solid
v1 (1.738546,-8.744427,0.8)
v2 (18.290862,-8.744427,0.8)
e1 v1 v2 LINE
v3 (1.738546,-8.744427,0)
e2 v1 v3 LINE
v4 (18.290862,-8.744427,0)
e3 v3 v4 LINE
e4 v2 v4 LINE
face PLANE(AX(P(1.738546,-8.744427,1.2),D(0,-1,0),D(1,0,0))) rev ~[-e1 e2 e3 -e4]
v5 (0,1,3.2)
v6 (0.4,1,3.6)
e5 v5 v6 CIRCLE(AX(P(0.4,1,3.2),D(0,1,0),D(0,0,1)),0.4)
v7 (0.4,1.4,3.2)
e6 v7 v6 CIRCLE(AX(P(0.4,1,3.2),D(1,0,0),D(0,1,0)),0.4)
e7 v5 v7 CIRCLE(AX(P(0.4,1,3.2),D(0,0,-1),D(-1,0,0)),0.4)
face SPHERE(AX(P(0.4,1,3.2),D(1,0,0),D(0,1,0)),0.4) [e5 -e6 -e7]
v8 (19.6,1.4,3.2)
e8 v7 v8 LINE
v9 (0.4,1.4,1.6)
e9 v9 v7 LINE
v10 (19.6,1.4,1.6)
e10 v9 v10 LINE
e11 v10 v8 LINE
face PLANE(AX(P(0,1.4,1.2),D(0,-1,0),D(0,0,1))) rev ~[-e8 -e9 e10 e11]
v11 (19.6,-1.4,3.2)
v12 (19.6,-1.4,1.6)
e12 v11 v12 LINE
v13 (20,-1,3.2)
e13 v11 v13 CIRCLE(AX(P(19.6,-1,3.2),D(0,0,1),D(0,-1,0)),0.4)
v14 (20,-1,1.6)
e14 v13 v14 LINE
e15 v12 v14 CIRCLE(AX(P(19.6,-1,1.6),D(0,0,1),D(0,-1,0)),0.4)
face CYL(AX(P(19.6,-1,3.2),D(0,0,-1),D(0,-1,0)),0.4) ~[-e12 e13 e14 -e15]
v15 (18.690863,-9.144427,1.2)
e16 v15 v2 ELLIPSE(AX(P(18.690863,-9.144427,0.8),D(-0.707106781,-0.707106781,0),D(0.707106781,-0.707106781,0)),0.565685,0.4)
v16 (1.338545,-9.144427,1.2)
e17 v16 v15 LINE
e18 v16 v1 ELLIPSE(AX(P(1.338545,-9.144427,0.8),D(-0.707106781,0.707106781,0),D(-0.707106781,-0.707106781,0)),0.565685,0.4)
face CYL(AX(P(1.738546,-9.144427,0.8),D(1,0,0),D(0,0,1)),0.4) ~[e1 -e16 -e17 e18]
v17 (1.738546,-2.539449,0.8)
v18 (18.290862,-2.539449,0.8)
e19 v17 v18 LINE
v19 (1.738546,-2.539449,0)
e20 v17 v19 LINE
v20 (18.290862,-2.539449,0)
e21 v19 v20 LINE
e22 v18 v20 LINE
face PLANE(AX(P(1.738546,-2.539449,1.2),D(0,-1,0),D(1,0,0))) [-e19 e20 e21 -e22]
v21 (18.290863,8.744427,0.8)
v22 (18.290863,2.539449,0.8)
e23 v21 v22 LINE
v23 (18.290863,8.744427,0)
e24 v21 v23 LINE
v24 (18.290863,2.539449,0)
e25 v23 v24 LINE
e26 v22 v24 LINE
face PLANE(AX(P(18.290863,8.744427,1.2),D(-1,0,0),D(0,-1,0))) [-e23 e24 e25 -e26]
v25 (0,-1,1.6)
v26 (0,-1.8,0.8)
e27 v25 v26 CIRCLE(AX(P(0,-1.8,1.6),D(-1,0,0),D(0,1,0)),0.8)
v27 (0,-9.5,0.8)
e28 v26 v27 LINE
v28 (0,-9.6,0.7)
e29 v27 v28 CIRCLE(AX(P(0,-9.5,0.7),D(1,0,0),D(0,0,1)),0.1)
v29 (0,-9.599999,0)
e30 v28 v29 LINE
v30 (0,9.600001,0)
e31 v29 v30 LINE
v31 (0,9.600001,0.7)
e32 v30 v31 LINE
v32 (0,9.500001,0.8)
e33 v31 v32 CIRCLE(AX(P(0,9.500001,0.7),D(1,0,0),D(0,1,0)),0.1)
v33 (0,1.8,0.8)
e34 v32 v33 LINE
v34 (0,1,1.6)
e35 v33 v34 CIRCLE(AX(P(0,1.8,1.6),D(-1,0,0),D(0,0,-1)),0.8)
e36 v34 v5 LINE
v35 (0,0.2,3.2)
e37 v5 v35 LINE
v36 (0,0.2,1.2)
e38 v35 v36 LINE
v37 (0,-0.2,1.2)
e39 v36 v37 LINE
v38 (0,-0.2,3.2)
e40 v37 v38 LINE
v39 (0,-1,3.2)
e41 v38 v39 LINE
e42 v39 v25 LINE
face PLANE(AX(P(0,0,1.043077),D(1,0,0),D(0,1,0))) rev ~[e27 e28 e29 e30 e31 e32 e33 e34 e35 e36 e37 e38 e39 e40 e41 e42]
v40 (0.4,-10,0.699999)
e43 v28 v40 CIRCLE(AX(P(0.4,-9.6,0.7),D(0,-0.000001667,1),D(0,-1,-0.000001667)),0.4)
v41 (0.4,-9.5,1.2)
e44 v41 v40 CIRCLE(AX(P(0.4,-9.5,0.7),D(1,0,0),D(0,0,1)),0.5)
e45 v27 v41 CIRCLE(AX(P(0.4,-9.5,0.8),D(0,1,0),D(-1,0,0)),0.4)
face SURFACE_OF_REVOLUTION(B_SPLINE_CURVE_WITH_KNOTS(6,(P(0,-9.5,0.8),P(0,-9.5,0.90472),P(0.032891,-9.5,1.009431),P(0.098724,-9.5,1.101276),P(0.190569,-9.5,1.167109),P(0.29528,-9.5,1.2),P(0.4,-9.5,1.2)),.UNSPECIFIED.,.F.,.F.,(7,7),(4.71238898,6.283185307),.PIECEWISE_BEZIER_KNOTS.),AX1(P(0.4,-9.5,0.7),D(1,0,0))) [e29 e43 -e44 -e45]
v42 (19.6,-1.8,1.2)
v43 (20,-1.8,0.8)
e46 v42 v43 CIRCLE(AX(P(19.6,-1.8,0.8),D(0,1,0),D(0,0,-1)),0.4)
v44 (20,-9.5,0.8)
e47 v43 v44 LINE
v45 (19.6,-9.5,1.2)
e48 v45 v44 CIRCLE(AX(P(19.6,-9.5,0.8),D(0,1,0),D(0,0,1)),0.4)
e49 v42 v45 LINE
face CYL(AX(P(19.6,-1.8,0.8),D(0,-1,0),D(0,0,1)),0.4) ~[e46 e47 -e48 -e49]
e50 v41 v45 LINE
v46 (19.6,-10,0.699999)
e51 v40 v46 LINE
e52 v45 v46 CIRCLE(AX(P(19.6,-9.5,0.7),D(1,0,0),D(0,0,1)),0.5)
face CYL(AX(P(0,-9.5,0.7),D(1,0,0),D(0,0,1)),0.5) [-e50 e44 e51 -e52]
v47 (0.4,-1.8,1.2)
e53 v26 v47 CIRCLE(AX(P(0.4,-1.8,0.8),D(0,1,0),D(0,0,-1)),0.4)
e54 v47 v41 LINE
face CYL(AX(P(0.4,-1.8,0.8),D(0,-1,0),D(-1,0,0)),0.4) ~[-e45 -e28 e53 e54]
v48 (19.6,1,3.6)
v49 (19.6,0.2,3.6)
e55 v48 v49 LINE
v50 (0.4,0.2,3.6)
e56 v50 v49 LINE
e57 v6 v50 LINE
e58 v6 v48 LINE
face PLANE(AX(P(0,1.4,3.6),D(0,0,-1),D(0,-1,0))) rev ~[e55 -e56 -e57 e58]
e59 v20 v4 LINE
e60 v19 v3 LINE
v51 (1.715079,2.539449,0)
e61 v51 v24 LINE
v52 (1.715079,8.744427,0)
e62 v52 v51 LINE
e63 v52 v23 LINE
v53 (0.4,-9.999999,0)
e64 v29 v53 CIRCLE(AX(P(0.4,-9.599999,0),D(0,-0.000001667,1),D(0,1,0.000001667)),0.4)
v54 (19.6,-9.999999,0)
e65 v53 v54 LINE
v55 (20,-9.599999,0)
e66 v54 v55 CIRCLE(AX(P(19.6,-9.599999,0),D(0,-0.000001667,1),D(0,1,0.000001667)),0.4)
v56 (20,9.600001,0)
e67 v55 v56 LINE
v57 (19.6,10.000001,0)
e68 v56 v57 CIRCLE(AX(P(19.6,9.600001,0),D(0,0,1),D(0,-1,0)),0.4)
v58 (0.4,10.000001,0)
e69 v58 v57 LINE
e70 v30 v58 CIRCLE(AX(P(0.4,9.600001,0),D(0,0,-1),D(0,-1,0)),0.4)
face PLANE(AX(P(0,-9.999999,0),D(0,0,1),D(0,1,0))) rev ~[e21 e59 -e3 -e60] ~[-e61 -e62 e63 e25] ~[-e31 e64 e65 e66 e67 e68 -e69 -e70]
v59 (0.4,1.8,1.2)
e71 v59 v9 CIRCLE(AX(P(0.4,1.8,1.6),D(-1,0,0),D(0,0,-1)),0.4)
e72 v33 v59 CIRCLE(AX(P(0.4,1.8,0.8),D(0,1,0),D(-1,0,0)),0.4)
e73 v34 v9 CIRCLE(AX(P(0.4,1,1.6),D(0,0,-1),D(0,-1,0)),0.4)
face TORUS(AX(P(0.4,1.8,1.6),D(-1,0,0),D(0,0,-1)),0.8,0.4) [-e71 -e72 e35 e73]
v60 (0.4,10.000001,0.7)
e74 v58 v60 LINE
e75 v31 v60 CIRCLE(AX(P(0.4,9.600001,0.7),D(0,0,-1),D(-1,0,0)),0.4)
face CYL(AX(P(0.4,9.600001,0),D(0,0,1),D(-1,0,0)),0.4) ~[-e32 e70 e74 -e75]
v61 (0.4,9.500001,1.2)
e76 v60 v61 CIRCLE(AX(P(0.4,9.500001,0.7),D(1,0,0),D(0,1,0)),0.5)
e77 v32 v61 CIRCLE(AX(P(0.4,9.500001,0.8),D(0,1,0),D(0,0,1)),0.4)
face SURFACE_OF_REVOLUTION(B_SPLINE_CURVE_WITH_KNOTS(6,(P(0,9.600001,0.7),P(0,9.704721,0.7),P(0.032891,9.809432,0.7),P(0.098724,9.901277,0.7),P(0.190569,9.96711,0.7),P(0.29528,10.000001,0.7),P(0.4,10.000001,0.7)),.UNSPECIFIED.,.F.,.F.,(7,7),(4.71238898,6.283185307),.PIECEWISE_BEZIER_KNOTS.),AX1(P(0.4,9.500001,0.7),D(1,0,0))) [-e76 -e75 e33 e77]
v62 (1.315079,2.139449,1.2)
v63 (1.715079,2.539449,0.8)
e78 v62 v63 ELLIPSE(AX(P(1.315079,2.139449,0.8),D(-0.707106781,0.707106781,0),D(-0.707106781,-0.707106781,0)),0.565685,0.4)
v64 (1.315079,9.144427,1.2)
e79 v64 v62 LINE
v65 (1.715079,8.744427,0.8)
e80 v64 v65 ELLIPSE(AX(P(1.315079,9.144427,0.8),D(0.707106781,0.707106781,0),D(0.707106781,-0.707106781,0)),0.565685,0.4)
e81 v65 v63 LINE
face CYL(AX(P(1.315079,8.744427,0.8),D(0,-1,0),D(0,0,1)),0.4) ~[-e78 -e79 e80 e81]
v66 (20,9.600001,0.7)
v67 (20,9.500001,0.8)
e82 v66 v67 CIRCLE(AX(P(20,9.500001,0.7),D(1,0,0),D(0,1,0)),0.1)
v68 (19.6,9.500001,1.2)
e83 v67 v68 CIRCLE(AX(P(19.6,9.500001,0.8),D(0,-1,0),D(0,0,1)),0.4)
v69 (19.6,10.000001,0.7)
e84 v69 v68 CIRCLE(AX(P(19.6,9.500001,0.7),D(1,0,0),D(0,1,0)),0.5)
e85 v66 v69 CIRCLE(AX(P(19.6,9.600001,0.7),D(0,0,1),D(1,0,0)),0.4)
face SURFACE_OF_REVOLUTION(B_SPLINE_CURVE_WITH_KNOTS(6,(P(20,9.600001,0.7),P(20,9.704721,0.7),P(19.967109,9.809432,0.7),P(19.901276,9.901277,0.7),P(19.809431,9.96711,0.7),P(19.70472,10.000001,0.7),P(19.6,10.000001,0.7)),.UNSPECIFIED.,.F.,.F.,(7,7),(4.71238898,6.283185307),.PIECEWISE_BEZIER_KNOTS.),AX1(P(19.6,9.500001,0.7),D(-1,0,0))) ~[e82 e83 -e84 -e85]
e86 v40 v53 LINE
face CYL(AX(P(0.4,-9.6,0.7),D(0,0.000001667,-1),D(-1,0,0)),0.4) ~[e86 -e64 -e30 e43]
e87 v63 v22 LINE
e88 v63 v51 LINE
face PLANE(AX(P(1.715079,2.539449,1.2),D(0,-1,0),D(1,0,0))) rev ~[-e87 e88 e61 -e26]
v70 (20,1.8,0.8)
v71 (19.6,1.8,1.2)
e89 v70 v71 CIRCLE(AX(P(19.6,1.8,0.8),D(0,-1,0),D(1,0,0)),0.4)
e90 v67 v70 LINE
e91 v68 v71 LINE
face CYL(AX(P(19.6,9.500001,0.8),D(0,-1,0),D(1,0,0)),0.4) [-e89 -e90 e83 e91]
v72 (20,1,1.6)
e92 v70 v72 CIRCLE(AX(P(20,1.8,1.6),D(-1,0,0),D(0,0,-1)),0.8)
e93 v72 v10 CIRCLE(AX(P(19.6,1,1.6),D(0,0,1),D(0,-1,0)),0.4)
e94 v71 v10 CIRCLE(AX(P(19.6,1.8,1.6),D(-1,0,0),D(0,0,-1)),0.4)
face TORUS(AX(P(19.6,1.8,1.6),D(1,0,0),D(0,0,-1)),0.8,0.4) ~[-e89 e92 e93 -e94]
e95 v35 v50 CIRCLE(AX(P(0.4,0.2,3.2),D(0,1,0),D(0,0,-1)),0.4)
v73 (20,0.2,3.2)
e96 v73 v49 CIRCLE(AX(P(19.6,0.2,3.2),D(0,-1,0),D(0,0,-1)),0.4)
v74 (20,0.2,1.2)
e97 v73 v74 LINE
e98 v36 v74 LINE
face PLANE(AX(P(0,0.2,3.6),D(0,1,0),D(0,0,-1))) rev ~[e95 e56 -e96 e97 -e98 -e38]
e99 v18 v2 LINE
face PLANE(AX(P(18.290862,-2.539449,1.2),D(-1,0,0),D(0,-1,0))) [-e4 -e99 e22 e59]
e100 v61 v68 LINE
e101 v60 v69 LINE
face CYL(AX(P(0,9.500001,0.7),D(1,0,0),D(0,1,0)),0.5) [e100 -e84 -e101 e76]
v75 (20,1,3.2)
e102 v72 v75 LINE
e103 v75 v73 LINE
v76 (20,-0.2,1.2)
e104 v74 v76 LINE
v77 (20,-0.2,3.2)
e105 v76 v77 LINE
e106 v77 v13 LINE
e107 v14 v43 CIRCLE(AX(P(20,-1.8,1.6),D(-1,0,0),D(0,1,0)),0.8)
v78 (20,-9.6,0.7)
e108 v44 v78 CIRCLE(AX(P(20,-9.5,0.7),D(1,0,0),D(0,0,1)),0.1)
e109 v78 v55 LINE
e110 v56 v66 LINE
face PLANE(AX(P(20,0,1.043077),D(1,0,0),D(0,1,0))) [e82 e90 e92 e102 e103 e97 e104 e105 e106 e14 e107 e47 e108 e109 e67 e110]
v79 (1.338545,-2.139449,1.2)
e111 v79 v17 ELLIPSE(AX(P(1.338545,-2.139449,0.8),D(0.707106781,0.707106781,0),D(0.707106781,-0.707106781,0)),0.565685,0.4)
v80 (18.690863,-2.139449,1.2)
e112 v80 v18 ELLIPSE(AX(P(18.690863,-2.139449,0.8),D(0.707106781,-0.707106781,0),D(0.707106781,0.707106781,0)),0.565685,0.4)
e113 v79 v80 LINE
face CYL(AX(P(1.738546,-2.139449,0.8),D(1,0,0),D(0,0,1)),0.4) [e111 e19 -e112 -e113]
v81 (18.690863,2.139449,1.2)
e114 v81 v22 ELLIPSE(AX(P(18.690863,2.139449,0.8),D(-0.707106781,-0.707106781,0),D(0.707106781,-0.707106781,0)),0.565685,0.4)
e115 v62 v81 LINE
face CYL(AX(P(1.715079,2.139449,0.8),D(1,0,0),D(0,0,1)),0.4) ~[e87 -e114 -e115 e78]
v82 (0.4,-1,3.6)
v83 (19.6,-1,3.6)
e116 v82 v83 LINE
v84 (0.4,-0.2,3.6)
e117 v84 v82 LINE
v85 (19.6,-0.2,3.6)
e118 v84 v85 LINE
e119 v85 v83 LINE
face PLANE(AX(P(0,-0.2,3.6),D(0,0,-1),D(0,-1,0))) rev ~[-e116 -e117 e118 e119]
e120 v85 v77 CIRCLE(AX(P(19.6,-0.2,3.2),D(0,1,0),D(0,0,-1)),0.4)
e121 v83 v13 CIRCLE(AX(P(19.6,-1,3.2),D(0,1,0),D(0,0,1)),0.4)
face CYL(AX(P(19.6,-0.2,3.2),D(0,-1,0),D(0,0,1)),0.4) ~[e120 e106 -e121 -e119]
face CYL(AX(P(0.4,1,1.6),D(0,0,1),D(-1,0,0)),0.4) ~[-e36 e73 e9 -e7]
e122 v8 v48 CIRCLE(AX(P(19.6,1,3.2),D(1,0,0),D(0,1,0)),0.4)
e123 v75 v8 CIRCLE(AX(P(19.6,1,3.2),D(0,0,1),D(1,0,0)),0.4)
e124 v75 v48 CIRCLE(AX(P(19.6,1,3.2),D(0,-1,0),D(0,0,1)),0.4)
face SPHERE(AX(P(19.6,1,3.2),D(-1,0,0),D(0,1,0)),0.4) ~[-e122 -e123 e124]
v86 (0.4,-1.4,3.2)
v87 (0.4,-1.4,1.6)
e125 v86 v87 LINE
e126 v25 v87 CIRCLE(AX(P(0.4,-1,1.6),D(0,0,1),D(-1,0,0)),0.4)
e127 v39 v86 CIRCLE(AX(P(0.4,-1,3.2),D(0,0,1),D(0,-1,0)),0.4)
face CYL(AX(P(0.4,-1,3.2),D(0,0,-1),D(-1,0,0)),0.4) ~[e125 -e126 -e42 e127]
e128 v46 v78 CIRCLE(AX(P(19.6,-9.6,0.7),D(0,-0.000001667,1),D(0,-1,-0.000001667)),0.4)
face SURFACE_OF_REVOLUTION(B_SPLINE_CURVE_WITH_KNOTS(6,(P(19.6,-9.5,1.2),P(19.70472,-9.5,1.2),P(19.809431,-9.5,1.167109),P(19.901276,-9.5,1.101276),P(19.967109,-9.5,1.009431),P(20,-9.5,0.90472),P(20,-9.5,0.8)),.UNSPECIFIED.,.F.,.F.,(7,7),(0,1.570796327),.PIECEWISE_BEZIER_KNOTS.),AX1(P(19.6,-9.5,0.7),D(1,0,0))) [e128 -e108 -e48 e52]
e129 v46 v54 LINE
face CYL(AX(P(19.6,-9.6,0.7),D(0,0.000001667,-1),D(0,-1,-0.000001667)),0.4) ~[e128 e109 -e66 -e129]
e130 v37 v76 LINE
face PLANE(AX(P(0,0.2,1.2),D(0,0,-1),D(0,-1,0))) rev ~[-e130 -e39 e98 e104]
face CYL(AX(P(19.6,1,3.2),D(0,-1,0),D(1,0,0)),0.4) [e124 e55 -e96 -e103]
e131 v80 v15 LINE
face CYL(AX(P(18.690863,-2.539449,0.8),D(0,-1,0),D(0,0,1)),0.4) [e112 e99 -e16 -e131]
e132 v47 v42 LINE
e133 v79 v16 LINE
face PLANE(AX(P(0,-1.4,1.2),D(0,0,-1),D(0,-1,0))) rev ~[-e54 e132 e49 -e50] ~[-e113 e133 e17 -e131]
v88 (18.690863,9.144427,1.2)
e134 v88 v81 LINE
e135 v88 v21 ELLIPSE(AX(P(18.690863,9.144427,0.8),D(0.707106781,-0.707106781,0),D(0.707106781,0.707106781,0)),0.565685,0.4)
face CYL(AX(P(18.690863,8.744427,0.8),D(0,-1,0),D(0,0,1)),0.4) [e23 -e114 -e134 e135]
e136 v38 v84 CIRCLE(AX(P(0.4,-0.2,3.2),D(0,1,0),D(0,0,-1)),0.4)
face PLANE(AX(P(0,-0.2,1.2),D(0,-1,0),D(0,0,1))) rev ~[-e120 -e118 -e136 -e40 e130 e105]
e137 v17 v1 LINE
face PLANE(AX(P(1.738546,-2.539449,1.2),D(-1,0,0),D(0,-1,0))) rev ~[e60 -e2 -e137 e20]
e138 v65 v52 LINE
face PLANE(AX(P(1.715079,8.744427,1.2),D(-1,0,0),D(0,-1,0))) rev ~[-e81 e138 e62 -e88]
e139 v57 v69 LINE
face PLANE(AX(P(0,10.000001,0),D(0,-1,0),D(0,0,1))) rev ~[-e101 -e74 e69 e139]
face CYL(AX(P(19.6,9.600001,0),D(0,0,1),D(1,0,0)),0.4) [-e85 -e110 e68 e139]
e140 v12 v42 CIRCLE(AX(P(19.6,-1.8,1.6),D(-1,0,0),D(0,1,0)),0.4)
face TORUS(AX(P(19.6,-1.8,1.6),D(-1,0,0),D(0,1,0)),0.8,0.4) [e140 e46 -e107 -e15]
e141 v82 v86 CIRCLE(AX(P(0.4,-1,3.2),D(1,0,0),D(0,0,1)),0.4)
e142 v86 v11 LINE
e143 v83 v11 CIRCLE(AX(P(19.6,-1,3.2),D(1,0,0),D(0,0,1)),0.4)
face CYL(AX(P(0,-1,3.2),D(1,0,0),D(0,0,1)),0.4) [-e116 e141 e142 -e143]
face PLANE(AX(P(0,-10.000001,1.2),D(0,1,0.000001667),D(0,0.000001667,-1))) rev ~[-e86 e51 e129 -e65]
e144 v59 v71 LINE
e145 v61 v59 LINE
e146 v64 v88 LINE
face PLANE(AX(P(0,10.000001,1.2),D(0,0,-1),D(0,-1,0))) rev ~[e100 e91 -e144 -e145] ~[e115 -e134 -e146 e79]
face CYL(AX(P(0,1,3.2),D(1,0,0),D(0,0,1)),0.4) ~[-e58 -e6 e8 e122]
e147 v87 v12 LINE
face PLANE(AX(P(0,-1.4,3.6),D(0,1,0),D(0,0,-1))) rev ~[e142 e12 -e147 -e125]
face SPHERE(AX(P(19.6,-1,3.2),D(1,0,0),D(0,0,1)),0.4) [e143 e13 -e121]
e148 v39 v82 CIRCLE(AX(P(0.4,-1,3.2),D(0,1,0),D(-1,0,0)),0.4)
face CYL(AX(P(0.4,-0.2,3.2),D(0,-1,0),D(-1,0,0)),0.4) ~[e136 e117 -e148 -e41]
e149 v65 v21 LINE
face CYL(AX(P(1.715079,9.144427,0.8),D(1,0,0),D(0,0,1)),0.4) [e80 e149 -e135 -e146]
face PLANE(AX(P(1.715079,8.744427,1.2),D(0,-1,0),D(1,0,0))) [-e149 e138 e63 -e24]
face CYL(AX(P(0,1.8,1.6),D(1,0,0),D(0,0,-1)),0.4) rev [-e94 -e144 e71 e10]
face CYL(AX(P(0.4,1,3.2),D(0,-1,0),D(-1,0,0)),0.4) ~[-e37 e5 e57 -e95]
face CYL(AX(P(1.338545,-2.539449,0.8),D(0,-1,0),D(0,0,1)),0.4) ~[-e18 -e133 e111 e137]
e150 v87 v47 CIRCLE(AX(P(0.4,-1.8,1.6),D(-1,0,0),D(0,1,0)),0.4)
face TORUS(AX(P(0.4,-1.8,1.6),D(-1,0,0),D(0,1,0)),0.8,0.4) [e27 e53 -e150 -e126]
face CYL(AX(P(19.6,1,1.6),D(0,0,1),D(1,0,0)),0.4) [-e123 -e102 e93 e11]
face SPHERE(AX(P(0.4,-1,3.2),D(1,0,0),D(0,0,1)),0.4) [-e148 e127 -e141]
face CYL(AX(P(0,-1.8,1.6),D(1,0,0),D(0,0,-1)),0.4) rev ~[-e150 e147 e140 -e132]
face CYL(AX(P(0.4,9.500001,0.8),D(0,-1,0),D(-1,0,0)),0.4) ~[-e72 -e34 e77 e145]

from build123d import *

# Parameters (mm, degrees)
PAD_DEPTH       = 20
FILLET_R        = 0.5
FILLET001_R     = 0.5
FILLET002_R     = 0.4
FILLET003_R     = 0.4
SKETCH002_W     = 6.171573
SKETCH002_H     = 16.569204
POCKET_DEPTH    = 23
SKETCH003_W     = 6.204978
SKETCH003_H     = 16.552317
SKETCH003_H_2   = 16.575784
POCKET001_DEPTH = 23
FILLET004_R     = 0.4
FILLET005_R     = 0.4
FILLET006_R     = 0.4
FILLET007_R     = 0.4
FILLET008_R     = 0.4
FILLET009_R     = 0.4
FILLET010_R     = 0.4
FILLET011_R     = 0.4


with BuildPart() as part:
    # Sketch → Pad (new body)
    with BuildSketch(Plane.YZ):
        Polygon((-9.999999, 0), (10.000001, 0), (10.000001, 1.2), (1.4, 1.2), (1.4, 3.6), (0.2, 3.6), (0.2, 1.2), (-0.2, 1.2), (-0.2, 3.6), (-1.4, 3.6), (-1.4, 1.2), (-10.000001, 1.2), align=None)
    extrude(amount=PAD_DEPTH)

    # Fillet
    fillet_edges = [part.edges().sort_by_distance(p)[0] for p in [
        (10, -10.000001, 1.2),
    ]]
    fillet(fillet_edges, radius=FILLET_R)

    # Fillet001
    fillet001_edges = [part.edges().sort_by_distance(p)[0] for p in [
        (10, 10.000001, 1.2),
    ]]
    fillet(fillet001_edges, radius=FILLET001_R)

    # Fillet002
    fillet002_edges = [part.edges().sort_by_distance(p)[0] for p in [
        (10, -1.4, 1.2),
    ]]
    fillet(fillet002_edges, radius=FILLET002_R)

    # Fillet003
    fillet003_edges = [part.edges().sort_by_distance(p)[0] for p in [
        (10, 1.4, 1.2),
    ]]
    fillet(fillet003_edges, radius=FILLET003_R)

    # Sketch002 → Pocket (cut)
    with BuildSketch(Plane(origin=(0, 0, 1.2), x_dir=(0, -1, 0), z_dir=(0, 0, 1))):
        with Locations((-5.631366, 10)):
            Rectangle(SKETCH002_W, SKETCH002_H)
    extrude(amount=-POCKET_DEPTH, mode=Mode.SUBTRACT)

    # Sketch003 → Pocket001 (cut)
    with BuildSketch(Plane(origin=(0, 0, 1.2), x_dir=(0, -1, 0), z_dir=(0, 0, 1))):
        with Locations((5.641938, 10.014704)):
            Rectangle(SKETCH003_W, SKETCH003_H)
        with Locations((-5.641938, 10.002971)):
            Rectangle(SKETCH003_W, SKETCH003_H_2)
    extrude(amount=-POCKET001_DEPTH, mode=Mode.SUBTRACT)

    # Fillet004
    fillet004_edges = [part.edges().sort_by_distance(p)[0] for p in [
        (1.738546, -5.641938, 1.2),
        (10.014704, -2.539449, 1.2),
        (10.014705, -8.744427, 1.2),
        (18.290863, -5.641938, 1.2),
    ]]
    fillet(fillet004_edges, radius=FILLET004_R)

    # Fillet005
    fillet005_edges = [part.edges().sort_by_distance(p)[0] for p in [
        (10.002971, 8.744427, 1.2),
        (1.715079, 5.641938, 1.2),
        (10.002971, 2.539449, 1.2),
        (18.290863, 5.641938, 1.2),
    ]]
    fillet(fillet005_edges, radius=FILLET005_R)

    # Fillet006
    fillet006_edges = [part.edges().sort_by_distance(p)[0] for p in [
        (10, -1.4, 3.6),
    ]]
    fillet(fillet006_edges, radius=FILLET006_R)

    # Fillet007
    fillet007_edges = [part.edges().sort_by_distance(p)[0] for p in [
        (10, 1.4, 3.6),
    ]]
    fillet(fillet007_edges, radius=FILLET007_R)

    # Fillet008
    fillet008_edges = [part.edges().sort_by_distance(p)[0] for p in [
        (20, -0.6, 3.6),
    ]]
    fillet(fillet008_edges, radius=FILLET008_R)

    # Fillet009
    fillet009_edges = [part.edges().sort_by_distance(p)[0] for p in [
        (20, 0.6, 3.6),
    ]]
    fillet(fillet009_edges, radius=FILLET009_R)

    # Fillet010
    fillet010_edges = [part.edges().sort_by_distance(p)[0] for p in [
        (0, -0.6, 3.6),
    ]]
    fillet(fillet010_edges, radius=FILLET010_R)

    # Fillet011
    fillet011_edges = [part.edges().sort_by_distance(p)[0] for p in [
        (0, 0.6, 3.6),
    ]]
    fillet(fillet011_edges, radius=FILLET011_R)


solid = part.part
